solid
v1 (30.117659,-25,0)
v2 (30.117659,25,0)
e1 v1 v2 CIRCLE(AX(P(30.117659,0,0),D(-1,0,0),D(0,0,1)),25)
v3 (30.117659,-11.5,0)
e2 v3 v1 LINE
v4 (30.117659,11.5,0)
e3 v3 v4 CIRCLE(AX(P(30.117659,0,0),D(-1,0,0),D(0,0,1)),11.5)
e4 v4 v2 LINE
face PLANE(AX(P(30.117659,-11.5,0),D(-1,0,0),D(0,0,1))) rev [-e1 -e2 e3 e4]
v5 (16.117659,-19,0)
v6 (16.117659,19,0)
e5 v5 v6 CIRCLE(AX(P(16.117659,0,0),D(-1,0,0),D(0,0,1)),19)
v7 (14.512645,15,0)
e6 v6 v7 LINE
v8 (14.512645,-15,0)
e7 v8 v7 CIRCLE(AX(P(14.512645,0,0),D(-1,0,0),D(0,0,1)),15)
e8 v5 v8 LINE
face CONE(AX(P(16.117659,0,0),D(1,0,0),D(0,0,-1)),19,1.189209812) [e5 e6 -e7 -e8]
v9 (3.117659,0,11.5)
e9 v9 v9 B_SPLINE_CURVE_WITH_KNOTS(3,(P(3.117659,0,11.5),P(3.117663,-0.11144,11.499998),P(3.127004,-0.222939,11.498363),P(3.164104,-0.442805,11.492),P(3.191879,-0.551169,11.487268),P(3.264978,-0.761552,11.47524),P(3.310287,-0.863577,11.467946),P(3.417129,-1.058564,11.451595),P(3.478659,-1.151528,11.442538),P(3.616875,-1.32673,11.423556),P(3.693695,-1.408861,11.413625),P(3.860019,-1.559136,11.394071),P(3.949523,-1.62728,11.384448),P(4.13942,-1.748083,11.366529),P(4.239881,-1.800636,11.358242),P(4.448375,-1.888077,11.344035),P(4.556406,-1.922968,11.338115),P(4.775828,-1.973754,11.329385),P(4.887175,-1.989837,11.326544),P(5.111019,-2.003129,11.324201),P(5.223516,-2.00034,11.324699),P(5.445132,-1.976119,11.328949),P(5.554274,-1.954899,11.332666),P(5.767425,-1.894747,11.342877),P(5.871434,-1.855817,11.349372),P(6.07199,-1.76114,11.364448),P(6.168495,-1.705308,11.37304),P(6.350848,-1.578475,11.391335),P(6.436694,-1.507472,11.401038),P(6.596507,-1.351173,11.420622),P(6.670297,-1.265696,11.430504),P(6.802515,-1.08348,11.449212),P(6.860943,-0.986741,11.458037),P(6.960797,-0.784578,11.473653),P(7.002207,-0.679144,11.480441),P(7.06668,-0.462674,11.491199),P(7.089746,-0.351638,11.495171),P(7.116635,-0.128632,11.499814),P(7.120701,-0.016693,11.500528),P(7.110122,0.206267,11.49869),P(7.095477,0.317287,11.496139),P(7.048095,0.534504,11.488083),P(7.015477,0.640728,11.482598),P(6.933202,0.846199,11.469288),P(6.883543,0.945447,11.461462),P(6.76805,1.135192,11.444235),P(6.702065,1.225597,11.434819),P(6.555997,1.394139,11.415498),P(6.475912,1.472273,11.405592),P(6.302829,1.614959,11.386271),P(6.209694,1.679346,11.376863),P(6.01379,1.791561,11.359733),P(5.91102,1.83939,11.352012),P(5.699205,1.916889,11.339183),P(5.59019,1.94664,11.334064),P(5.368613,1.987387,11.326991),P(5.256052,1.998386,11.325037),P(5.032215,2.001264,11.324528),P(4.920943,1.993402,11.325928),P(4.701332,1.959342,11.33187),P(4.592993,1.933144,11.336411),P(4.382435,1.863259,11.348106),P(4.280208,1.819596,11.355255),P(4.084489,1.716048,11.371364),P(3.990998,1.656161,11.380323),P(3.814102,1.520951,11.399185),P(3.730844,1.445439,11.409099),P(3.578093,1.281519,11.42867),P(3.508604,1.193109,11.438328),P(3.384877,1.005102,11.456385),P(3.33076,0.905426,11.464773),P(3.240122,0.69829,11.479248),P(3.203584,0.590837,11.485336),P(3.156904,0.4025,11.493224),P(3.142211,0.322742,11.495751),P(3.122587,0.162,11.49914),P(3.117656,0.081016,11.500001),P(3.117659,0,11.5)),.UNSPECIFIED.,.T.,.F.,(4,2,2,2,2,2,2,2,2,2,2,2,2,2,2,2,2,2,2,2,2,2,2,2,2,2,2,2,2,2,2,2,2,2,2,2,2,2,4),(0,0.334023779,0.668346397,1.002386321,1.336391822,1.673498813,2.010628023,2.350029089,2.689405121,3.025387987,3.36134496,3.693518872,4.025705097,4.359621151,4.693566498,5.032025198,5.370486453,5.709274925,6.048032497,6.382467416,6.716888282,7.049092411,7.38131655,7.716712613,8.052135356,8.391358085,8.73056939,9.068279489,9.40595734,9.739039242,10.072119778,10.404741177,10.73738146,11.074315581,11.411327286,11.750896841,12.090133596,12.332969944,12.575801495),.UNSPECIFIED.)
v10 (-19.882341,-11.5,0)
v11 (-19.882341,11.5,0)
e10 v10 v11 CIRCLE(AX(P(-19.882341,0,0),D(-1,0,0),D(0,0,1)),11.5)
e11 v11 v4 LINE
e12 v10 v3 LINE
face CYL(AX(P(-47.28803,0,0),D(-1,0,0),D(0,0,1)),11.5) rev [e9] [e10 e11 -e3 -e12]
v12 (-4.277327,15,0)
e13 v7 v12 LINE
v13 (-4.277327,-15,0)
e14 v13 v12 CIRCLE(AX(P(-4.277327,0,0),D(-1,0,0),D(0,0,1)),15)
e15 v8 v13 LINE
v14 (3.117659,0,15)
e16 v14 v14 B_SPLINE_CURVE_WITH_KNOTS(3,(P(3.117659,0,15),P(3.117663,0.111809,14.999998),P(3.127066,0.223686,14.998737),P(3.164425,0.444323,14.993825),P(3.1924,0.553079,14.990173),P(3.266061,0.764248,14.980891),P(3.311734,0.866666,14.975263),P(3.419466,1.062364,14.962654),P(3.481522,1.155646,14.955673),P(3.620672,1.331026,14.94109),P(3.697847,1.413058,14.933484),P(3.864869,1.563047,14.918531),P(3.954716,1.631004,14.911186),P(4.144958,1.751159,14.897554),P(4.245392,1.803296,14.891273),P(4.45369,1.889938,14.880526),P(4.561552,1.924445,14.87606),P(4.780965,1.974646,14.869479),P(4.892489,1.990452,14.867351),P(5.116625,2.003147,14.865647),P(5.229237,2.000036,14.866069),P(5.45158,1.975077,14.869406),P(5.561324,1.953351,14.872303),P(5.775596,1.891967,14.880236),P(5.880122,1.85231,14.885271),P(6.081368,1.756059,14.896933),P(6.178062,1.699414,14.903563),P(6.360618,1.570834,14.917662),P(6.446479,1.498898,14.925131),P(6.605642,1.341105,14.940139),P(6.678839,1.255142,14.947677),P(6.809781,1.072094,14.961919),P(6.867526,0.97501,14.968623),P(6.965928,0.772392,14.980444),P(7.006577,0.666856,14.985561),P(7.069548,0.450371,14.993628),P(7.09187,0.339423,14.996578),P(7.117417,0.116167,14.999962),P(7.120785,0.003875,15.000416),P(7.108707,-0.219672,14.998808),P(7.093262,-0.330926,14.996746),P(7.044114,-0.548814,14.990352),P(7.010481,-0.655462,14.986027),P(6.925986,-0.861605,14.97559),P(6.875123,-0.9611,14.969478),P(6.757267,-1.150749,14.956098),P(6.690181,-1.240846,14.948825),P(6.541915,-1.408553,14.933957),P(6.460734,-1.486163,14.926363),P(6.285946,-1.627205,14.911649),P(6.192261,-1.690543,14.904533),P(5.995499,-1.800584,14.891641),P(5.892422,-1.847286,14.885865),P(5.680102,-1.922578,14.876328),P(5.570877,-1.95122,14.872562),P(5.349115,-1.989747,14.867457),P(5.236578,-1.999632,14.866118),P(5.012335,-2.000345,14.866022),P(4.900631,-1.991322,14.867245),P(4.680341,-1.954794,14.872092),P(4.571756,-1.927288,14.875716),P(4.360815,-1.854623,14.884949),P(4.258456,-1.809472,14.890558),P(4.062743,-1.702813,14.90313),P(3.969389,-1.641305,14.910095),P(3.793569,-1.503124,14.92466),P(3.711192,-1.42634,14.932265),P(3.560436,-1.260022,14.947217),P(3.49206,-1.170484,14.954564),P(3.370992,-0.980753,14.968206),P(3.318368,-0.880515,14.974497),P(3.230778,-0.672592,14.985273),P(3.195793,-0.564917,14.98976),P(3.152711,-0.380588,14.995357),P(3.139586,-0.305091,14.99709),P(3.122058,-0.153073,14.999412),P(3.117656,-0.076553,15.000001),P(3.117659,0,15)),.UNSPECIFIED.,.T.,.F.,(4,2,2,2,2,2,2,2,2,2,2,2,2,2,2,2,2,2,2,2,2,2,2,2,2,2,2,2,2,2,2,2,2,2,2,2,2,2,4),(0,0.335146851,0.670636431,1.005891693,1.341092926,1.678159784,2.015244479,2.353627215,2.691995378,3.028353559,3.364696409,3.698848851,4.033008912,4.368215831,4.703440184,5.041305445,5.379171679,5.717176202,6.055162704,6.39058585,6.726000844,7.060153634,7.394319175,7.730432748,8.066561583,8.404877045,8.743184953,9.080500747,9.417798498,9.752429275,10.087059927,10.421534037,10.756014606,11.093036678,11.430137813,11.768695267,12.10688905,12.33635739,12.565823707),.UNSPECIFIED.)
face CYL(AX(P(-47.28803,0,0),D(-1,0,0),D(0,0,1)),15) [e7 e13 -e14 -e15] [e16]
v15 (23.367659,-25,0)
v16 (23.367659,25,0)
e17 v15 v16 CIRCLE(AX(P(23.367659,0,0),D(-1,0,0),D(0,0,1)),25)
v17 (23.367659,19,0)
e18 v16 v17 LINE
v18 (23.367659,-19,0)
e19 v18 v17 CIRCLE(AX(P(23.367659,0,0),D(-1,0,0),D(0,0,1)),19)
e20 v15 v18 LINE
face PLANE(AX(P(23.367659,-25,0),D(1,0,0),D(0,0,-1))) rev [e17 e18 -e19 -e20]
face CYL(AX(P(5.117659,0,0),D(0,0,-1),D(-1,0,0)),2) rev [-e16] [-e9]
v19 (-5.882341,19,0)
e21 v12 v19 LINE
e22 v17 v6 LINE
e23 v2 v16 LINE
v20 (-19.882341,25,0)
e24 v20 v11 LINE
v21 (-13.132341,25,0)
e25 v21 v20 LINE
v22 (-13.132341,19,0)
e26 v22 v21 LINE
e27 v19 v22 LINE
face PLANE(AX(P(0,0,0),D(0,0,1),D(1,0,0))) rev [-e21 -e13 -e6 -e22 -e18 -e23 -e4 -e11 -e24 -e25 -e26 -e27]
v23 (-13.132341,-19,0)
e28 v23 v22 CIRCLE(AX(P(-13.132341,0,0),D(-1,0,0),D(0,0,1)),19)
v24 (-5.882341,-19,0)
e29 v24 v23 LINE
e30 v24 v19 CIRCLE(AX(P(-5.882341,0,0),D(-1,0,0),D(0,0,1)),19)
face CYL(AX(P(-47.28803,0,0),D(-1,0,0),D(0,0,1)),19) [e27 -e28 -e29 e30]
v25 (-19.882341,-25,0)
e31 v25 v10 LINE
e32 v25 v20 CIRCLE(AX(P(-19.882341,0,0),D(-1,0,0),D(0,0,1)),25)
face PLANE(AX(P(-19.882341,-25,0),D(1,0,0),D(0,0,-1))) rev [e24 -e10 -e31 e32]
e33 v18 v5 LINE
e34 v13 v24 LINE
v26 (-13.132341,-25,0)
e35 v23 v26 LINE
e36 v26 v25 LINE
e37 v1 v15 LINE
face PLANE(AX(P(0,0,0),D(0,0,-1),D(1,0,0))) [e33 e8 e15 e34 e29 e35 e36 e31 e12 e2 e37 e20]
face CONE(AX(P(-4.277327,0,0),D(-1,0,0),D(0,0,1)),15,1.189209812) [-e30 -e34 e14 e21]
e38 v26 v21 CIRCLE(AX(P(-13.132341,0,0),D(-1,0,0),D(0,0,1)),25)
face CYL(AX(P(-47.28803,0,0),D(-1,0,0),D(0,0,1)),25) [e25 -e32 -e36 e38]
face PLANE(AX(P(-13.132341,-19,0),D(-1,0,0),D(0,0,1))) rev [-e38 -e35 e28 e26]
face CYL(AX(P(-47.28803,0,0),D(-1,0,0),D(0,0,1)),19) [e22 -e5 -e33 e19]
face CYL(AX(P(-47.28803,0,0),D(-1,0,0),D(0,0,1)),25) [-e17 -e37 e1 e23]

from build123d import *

# Parameters (mm, degrees)
REVOLVE1_ANGLE = 180
SKETCH3_W      = 2
SKETCH3_H      = 15


with BuildPart() as part:
    # Sketch1 → Revolve1 (revolve)
    with BuildSketch(Plane.XY):
        Polygon((-19.882341212, 25), (-19.882341212, 11.5), (30.117658788, 11.5), (30.117658788, 25), (23.367658788, 25), (23.367658788, 19), (16.117658788, 19), (14.512644781, 15), (-4.277327206, 15), (-5.882341212, 19), (-13.132341212, 19), (-13.132341212, 25), align=None)
    revolve(axis=Axis((-47.288030425, 0, 0), (1, 0, 0)), revolution_arc=REVOLVE1_ANGLE)

    # Sketch3 → Cut-Revolve1 (revolve, cut)
    with BuildSketch(Plane(origin=(0, 0, 0), x_dir=(1, 0, 0), z_dir=(0, 1, 0))):
        with Locations((4.117658788, -7.5)):
            Rectangle(SKETCH3_W, SKETCH3_H)
    revolve(axis=Axis((5.117658788, 0, 0), (0, 0, 1)), mode=Mode.SUBTRACT)


solid = part.part
